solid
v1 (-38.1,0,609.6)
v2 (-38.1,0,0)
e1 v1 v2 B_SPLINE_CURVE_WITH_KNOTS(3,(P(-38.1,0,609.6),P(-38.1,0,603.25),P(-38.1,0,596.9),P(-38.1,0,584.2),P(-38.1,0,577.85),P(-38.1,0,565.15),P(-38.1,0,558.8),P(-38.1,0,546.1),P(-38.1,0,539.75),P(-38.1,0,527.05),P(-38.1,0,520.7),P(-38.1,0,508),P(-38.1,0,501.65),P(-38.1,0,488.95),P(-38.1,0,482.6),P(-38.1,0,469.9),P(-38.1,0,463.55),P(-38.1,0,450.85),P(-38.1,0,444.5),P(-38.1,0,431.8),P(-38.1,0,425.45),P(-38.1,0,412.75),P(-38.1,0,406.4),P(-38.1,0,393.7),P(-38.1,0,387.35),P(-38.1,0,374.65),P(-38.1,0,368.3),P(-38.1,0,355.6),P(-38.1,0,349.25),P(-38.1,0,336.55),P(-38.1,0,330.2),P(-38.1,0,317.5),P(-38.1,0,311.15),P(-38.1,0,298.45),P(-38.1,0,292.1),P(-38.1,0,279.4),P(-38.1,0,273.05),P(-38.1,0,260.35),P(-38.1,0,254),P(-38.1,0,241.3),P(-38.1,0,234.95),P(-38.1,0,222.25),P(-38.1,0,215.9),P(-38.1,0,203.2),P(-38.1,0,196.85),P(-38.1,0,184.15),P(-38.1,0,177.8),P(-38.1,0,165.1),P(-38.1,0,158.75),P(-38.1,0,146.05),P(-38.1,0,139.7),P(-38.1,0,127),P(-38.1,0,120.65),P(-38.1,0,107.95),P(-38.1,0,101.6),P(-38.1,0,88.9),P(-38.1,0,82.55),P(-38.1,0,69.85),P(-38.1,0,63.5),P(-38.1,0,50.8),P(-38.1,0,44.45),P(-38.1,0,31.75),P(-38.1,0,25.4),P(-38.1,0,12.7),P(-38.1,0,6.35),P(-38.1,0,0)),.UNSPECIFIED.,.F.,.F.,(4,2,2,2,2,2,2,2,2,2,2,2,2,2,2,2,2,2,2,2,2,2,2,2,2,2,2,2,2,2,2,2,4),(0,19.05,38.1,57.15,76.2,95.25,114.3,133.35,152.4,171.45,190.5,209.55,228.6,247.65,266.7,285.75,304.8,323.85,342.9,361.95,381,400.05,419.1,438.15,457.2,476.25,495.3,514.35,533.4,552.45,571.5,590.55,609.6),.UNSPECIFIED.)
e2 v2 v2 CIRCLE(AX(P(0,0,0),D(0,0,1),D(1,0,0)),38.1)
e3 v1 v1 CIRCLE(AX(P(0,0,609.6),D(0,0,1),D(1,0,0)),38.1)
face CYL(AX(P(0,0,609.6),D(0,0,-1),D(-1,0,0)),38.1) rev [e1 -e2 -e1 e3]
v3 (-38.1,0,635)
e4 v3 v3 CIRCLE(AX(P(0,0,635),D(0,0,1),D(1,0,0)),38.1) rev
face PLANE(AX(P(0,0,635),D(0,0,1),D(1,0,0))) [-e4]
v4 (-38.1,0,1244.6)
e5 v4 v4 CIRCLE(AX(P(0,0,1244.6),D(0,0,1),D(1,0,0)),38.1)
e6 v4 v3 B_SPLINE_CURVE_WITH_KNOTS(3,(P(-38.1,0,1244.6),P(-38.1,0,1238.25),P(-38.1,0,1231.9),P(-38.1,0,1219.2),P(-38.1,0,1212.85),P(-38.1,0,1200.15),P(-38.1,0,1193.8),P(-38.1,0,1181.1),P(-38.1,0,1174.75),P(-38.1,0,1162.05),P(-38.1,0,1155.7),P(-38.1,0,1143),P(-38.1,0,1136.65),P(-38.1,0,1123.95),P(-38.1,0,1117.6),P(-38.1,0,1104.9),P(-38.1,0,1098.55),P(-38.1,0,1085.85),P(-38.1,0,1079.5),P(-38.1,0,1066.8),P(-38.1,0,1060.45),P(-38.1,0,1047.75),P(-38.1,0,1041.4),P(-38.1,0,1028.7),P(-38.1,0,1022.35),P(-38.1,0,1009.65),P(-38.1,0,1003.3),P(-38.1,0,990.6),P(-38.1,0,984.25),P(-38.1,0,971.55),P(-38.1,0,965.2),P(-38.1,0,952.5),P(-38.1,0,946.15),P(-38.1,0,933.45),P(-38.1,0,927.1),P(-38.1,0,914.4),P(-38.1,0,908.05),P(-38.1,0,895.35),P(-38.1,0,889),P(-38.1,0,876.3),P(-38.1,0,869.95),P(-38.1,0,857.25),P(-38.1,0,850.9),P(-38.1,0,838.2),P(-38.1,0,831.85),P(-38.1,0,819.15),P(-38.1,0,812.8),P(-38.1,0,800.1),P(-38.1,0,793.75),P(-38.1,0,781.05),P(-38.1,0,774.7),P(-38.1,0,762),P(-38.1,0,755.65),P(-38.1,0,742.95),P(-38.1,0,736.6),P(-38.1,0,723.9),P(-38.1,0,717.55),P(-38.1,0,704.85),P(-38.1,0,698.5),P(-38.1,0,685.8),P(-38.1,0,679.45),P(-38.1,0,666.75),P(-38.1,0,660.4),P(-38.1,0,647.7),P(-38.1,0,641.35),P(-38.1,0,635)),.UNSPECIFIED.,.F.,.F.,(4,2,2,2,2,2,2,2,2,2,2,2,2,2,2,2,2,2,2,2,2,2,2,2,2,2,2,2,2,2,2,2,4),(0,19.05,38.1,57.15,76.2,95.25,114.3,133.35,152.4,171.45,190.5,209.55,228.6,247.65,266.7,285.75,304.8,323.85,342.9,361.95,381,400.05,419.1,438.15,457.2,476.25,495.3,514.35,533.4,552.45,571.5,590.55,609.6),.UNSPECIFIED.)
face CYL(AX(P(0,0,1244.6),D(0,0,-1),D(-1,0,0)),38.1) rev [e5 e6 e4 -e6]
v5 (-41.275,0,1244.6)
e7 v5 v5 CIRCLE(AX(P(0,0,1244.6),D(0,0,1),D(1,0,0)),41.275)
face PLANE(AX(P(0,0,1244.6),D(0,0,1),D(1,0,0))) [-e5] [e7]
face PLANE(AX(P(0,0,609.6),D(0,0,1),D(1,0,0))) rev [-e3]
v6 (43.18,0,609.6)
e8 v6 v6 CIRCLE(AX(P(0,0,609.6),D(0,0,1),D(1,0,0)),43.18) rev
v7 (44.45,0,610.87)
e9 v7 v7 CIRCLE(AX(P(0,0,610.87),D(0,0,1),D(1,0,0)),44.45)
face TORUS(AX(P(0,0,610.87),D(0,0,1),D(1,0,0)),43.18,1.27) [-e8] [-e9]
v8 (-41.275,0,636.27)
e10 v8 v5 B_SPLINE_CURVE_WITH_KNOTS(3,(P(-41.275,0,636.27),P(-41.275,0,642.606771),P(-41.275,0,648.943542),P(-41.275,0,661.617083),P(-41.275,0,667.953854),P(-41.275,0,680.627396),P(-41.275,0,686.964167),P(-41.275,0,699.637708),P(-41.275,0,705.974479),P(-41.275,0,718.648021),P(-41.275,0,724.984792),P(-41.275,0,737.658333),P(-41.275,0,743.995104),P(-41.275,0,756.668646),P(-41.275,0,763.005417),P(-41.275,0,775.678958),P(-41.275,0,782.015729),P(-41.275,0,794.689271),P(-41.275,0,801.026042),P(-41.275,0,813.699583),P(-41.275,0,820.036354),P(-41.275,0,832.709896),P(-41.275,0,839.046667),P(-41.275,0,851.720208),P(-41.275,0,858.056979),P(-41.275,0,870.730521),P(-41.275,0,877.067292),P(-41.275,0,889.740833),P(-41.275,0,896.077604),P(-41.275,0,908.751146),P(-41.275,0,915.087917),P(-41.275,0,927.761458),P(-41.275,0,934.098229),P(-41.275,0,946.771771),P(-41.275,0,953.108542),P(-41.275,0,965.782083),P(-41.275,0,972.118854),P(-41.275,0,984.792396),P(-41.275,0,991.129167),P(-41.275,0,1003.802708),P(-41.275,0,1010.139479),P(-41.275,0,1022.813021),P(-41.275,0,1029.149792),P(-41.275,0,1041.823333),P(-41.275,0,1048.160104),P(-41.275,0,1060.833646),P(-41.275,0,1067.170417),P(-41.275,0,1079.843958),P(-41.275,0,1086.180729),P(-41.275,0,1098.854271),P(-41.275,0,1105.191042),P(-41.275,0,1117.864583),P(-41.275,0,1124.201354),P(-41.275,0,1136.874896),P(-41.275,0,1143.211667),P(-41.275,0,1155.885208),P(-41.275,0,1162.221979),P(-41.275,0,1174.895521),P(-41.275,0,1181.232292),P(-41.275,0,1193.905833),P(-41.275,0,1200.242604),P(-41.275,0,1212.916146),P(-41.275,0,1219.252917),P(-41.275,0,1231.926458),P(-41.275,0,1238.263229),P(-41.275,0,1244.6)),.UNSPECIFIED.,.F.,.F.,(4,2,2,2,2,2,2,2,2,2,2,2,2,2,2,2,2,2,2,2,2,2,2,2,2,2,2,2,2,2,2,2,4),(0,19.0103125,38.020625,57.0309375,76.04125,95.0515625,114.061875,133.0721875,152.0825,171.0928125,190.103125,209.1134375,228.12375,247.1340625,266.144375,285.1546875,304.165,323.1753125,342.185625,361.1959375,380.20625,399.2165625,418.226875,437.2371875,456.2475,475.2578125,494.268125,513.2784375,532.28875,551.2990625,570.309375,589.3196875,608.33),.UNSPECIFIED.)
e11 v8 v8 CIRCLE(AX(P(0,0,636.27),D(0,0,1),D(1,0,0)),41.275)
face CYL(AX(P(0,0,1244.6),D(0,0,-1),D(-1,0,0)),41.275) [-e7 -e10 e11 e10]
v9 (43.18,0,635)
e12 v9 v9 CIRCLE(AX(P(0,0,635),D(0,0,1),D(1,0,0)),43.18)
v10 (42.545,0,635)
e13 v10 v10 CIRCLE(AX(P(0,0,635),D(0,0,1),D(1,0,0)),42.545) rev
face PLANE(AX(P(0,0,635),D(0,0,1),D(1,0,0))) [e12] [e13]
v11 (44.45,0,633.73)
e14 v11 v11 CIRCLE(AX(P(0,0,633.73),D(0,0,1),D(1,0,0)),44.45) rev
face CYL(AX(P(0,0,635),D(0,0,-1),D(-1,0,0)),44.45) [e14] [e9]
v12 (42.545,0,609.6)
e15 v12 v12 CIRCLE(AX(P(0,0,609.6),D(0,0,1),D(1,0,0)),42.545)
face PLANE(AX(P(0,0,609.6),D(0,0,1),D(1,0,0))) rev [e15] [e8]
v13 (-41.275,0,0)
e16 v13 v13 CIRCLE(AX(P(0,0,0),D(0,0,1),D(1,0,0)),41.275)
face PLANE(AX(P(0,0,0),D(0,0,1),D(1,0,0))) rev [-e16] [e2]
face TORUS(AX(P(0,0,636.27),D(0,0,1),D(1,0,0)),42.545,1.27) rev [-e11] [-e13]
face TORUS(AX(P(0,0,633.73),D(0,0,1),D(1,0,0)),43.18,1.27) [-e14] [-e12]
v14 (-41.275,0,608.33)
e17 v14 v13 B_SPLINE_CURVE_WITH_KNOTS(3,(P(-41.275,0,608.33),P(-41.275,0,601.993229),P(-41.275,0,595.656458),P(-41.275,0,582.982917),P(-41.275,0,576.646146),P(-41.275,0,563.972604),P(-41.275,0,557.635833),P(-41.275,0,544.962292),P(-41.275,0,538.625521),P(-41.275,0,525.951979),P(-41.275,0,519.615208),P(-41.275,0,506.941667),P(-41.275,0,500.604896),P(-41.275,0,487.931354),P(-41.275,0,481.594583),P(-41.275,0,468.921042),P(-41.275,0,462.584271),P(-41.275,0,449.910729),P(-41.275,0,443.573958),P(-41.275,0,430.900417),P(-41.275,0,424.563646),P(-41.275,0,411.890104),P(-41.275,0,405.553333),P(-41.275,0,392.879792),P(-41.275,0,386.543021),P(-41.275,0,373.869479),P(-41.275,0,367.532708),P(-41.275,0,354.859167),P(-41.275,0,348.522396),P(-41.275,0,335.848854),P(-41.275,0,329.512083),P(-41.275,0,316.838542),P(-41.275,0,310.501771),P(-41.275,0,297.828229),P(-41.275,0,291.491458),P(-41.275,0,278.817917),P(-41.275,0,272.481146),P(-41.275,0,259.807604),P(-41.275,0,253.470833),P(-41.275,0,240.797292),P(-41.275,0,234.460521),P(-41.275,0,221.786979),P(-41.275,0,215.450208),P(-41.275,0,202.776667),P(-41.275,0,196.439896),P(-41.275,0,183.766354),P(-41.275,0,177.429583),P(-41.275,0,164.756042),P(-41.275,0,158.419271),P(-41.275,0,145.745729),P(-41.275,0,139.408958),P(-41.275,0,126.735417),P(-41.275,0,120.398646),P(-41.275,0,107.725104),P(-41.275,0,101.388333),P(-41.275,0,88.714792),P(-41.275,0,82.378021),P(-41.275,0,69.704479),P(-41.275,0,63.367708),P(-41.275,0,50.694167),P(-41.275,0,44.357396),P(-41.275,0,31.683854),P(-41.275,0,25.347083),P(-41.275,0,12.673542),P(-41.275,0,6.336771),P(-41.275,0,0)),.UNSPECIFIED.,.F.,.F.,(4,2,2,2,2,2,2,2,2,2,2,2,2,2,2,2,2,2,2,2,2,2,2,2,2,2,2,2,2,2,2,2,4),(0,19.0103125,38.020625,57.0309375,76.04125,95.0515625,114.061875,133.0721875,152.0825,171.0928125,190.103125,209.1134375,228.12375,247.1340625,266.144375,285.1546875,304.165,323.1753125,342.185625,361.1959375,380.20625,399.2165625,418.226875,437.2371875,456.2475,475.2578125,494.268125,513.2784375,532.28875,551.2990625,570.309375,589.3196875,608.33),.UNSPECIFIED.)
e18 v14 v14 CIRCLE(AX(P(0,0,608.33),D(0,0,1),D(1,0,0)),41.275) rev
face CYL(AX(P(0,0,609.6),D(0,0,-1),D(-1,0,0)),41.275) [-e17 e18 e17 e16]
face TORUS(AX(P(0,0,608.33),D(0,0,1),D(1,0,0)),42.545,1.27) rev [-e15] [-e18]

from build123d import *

# Parameters (mm, degrees)
SKETCH1_R           = 41.275
SKETCH1_R_2         = 38.1
BOSS_EXTRUDE1_DEPTH = 609.6
SKETCH3_R           = 44.45
BOSS_EXTRUDE2_DEPTH = 25.4
SKETCH5_R           = 41.275
SKETCH5_R_2         = 38.1
BOSS_EXTRUDE4_DEPTH = 609.6
FILLET1_R           = 1.27


with BuildPart() as part:
    # Sketch1 → Boss-Extrude1 (new body)
    with BuildSketch(Plane.XY):
        with Locations(Location((0, 0, 0), (0, 0, 180))):
            Circle(SKETCH1_R)
        with Locations(Location((0, 0, 0), (0, 0, 180))):
            Circle(SKETCH1_R_2, mode=Mode.SUBTRACT)
    extrude(amount=BOSS_EXTRUDE1_DEPTH)

    # Sketch3 → Boss-Extrude2 (add)
    with BuildSketch(Plane.XY.offset(609.6)):
        Circle(SKETCH3_R)
    extrude(amount=BOSS_EXTRUDE2_DEPTH)

    # Sketch5 → Boss-Extrude4 (add)
    with BuildSketch(Plane.XY.offset(635)):
        with Locations(Location((0, 0, 0), (0, 0, 180))):
            Circle(SKETCH5_R)
        with Locations(Location((0, 0, 0), (0, 0, 180))):
            Circle(SKETCH5_R_2, mode=Mode.SUBTRACT)
    extrude(amount=BOSS_EXTRUDE4_DEPTH)

    # Fillet1
    fillet1_edges = [part.edges().sort_by_distance(p)[0] for p in [
        (-44.45, 0, 609.6),
        (-44.45, 0, 635),
        (41.275, 0, 635),
        (41.275, 0, 609.6),
    ]]
    fillet(fillet1_edges, radius=FILLET1_R)


solid = part.part
